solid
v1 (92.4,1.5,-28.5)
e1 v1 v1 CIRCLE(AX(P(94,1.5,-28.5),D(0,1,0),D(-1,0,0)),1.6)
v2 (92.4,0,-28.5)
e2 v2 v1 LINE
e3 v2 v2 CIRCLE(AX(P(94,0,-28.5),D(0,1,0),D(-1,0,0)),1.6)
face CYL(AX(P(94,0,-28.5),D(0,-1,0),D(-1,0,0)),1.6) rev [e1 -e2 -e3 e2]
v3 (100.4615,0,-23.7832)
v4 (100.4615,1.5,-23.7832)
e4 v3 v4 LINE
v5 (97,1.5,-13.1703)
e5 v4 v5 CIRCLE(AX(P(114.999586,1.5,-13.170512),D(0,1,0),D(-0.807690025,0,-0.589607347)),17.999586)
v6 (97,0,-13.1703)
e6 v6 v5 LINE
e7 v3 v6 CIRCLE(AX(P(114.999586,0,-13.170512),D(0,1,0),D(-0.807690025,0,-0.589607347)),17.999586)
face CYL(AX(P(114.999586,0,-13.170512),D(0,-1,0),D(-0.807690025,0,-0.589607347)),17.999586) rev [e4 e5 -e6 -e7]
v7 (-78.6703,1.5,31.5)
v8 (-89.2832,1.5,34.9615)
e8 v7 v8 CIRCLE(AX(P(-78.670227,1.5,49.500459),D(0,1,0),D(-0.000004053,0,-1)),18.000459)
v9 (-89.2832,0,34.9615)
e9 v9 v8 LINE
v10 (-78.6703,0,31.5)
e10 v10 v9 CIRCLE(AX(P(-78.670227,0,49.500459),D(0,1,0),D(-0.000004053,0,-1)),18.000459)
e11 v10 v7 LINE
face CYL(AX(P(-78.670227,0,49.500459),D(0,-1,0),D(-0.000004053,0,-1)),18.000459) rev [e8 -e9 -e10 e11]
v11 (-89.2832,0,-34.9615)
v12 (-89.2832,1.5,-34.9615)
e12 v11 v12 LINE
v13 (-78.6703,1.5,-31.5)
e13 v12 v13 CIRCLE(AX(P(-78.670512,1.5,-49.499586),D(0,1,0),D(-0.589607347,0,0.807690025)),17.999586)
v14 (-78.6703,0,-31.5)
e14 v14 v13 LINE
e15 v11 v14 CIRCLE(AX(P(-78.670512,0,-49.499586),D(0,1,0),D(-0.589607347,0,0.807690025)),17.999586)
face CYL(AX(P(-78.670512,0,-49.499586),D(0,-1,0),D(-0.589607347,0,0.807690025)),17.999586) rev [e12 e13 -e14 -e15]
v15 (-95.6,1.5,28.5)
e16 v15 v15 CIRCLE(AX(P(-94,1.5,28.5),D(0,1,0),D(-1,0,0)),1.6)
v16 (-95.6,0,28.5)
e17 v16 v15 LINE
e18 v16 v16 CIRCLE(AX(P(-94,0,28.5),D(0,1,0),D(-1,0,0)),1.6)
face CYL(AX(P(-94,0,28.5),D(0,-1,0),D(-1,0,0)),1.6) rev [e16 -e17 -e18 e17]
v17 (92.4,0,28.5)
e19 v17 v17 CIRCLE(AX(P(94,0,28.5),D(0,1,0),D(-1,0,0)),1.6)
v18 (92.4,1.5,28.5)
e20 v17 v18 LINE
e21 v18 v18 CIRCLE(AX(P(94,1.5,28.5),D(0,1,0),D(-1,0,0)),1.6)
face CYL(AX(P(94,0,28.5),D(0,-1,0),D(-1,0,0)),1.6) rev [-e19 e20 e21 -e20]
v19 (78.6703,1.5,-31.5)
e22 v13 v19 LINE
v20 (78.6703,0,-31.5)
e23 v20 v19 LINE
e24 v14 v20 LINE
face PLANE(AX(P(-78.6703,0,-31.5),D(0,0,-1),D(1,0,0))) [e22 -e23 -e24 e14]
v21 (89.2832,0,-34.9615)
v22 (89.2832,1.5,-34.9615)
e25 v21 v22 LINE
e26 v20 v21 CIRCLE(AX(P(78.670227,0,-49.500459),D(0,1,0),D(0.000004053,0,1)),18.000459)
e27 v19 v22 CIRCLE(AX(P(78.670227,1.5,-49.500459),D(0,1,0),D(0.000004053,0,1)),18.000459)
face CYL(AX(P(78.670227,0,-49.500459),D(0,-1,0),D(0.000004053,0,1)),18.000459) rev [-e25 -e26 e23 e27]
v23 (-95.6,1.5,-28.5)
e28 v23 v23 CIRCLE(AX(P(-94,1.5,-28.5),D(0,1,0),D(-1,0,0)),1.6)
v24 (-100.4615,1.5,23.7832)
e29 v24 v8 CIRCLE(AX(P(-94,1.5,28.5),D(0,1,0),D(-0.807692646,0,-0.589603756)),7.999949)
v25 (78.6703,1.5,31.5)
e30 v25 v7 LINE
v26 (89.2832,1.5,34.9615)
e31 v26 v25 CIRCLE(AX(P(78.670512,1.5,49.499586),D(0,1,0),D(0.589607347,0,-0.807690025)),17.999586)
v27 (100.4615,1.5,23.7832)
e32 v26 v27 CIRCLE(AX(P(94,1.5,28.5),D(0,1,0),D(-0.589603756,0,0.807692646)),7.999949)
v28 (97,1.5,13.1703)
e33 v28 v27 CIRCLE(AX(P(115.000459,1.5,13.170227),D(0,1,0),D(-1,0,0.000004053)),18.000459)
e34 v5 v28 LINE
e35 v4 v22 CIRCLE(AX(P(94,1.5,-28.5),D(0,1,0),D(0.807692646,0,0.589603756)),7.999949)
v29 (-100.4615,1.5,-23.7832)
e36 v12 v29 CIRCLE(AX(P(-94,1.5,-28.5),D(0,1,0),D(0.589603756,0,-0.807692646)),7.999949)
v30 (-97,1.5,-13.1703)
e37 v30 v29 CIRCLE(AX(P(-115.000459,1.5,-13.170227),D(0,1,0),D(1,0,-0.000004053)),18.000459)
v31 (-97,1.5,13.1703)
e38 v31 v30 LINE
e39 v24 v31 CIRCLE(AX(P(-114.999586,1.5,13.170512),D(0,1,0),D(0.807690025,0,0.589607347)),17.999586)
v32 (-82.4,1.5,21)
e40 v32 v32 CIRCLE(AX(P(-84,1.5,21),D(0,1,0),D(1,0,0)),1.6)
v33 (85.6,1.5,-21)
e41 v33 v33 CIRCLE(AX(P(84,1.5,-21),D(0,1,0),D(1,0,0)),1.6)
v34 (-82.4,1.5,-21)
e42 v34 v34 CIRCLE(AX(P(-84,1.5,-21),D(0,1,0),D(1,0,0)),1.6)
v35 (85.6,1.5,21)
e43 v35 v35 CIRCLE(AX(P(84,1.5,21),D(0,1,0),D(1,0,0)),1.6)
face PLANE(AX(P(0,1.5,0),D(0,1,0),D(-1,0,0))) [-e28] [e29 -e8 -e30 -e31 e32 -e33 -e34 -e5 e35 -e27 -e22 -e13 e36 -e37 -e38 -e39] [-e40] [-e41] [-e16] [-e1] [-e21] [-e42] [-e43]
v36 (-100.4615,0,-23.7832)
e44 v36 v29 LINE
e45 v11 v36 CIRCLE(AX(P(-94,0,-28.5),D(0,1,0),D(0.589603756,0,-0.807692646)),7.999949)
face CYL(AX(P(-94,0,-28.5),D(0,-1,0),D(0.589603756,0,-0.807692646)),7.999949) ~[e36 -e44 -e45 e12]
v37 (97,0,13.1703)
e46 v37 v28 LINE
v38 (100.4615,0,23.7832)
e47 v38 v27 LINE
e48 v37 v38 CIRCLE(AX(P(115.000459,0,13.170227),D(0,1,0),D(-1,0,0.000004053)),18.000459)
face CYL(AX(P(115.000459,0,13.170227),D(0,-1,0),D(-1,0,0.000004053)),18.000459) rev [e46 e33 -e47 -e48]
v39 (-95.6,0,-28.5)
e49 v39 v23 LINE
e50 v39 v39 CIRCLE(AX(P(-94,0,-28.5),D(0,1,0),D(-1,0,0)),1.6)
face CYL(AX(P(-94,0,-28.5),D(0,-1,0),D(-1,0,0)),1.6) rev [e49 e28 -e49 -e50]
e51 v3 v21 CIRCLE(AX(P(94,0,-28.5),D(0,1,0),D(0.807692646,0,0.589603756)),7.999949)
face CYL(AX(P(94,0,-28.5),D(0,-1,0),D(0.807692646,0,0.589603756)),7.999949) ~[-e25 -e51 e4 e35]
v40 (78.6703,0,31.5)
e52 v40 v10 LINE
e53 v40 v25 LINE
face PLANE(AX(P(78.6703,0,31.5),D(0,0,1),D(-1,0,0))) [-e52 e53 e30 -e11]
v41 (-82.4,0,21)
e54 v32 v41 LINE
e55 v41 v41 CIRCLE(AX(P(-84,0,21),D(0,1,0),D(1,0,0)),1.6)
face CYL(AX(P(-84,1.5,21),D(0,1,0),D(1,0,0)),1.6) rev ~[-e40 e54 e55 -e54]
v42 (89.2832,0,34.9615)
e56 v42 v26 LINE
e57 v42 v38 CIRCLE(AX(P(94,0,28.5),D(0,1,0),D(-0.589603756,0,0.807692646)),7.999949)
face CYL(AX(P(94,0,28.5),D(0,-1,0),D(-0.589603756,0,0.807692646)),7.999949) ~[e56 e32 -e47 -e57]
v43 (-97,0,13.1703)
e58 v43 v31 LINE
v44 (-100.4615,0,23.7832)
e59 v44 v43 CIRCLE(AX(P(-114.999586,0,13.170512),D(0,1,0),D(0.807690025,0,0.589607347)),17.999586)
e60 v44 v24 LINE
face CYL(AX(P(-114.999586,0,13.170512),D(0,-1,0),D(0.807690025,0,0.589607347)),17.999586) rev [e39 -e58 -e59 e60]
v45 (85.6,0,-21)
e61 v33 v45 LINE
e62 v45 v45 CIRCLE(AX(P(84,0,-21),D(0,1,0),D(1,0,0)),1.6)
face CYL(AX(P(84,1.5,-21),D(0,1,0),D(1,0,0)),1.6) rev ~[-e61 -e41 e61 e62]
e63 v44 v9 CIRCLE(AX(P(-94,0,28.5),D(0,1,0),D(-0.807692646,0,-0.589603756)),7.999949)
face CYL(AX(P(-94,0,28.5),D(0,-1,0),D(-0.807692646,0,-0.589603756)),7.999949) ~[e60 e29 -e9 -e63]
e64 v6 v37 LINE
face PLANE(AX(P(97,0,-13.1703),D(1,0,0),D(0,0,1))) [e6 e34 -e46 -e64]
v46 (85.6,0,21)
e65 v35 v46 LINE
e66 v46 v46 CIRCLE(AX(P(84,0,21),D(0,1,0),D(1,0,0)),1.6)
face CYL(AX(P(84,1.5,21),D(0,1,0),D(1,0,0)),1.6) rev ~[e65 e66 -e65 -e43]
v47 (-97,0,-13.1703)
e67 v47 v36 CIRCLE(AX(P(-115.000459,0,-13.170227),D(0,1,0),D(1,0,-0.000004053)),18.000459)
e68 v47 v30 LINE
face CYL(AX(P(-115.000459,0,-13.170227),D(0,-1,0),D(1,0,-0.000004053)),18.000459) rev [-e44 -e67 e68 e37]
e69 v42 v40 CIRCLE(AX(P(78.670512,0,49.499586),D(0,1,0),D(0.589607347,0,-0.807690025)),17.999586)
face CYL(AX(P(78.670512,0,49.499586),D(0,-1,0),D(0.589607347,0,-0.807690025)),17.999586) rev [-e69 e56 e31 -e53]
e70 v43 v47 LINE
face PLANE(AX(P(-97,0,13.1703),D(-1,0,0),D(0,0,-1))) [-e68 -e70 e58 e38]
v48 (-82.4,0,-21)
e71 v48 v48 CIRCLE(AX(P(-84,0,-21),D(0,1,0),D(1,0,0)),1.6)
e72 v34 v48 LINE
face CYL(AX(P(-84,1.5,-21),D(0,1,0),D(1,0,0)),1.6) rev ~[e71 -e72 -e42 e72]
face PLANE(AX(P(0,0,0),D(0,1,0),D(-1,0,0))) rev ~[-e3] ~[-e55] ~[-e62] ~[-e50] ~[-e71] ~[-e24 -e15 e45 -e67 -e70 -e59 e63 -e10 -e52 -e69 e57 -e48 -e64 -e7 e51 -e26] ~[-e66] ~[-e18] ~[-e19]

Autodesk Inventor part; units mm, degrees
ref_plane "YZ Plane" through (0, 0, 0) normal (1, 0, 0) x (0, 1, 0)
ref_plane "XZ Plane" through (0, 0, 0) normal (0, 1, 0) x (-1, 0, 0)
ref_plane "XY Plane" through (0, 0, 0) normal (0, 0, 1) x (1, 0, 0)
sketch "Sketch2" plane through (0, 0, 0) normal (0, 1, 0) x (-1, 0, 0)
  line L0 (-94, 28.5) -> (94, 28.5) construction
  line L1 (94, 28.5) -> (94, -28.5) construction
  line L2 (94, -28.5) -> (-94, -28.5) construction
  line L3 (-94, -28.5) -> (-94, 28.5) construction
  line L4 (-94, 28.5) -> (94, -28.5) construction
  line L5 (94, 28.5) -> (-94, -28.5) construction
  line L6 (78.6703, -31.5) -> (-78.6703, -31.5)
  line L7 (-97, -13.1703) -> (-97, 13.1703)
  line L8 (-78.6703, 31.5) -> (78.6703, 31.5)
  line L9 (97, 13.1703) -> (97, -13.1703)
  arc A0 (89.2832, -34.9615) -> (100.4615, -23.7832) centre (94, -28.5) ccw
  arc A1 (100.4615, 23.7832) -> (89.2832, 34.9615) centre (94, 28.5) ccw
  arc A2 (-89.2832, 34.9615) -> (-100.4615, 23.7832) centre (-94, 28.5) ccw
  arc A3 (-100.4615, -23.7832) -> (-89.2832, -34.9615) centre (-94, -28.5) ccw
  arc A4 (89.2832, -34.9615) -> (78.6703, -31.5) centre (78.6703, -49.5) ccw
  arc A5 (97, -13.1703) -> (100.4615, -23.7832) centre (115, -13.1703) ccw
  arc A6 (100.4615, 23.7832) -> (97, 13.1703) centre (115, 13.1703) ccw
  arc A7 (78.6703, 31.5) -> (89.2832, 34.9615) centre (78.6703, 49.5) ccw
  arc A8 (-89.2832, 34.9615) -> (-78.6703, 31.5) centre (-78.6703, 49.5) ccw
  arc A9 (-97, 13.1703) -> (-100.4615, 23.7832) centre (-115, 13.1703) ccw
  arc A10 (-100.4615, -23.7832) -> (-97, -13.1703) centre (-115, -13.1703) ccw
  arc A11 (-78.6703, -31.5) -> (-89.2832, -34.9615) centre (-78.6703, -49.5) ccw
  circle A12 centre (94, -28.5) radius 1.6
  circle A13 centre (94, 28.5) radius 1.6
  circle A14 centre (-94, -28.5) radius 1.6
  circle A15 centre (-94, 28.5) radius 1.6
  circle A16 centre (94, -28.5) radius 3 construction
  circle A17 centre (94, 28.5) radius 3 construction
  circle A18 centre (-94, 28.5) radius 3 construction
  circle A19 centre (-94, -28.5) radius 3 construction
  point P0 (0, 0)
  point P1 (86.5838, -31.5)
  point P2 (-86.5838, -31.5)
  point P3 (-97, -21.0838)
  point P4 (-97, 21.0838)
  point P5 (-86.5838, 31.5)
  point P6 (86.5838, 31.5)
  point P7 (97, 21.0838)
  point P8 (97, -21.0838)
  dimension "d6" = 3
  dimension "d7" = 3
  dimension "d8" = 3
  dimension "d9" = 3
  dimension "d10" = 8
  dimension "d11" = 18
  dimension "d14" = 3.2
  dimension "d15" = 63
  dimension "d16" = 194
  dimension "d17" = 6
extrude "Extrusion1" add sketch "Sketch2" along normal blind 1.5
sketch "Sketch3" plane through (0, 1.5, 0) normal (0, 1, 0) x (1, 0, 0)
  line L0 (84, -21) -> (-84, -21) construction
  line L1 (-84, -21) -> (-84, 21) construction
  line L2 (-84, 21) -> (84, 21) construction
  line L3 (84, 21) -> (84, -21) construction
  line L4 (84, -21) -> (-84, 21) construction
  line L5 (-84, -21) -> (84, 21) construction
  circle A0 centre (-84, 21) radius 1.6
  circle A1 centre (-84, -21) radius 1.6
  circle A2 centre (84, -21) radius 1.6
  circle A3 centre (84, 21) radius 1.6
  point P0 (0, 0)
  dimension "d18" = 168
  dimension "d19" = 42
  dimension "d20" = 3.2
extrude "Extrusion2" cut sketch "Sketch3" against normal through all
equation "\"d7\" = d6"
equation "\"d8\" = d6"
equation "\"d9\" = d8"
equation "\"d21\" = d20"
properties part number "BaseLayer"
